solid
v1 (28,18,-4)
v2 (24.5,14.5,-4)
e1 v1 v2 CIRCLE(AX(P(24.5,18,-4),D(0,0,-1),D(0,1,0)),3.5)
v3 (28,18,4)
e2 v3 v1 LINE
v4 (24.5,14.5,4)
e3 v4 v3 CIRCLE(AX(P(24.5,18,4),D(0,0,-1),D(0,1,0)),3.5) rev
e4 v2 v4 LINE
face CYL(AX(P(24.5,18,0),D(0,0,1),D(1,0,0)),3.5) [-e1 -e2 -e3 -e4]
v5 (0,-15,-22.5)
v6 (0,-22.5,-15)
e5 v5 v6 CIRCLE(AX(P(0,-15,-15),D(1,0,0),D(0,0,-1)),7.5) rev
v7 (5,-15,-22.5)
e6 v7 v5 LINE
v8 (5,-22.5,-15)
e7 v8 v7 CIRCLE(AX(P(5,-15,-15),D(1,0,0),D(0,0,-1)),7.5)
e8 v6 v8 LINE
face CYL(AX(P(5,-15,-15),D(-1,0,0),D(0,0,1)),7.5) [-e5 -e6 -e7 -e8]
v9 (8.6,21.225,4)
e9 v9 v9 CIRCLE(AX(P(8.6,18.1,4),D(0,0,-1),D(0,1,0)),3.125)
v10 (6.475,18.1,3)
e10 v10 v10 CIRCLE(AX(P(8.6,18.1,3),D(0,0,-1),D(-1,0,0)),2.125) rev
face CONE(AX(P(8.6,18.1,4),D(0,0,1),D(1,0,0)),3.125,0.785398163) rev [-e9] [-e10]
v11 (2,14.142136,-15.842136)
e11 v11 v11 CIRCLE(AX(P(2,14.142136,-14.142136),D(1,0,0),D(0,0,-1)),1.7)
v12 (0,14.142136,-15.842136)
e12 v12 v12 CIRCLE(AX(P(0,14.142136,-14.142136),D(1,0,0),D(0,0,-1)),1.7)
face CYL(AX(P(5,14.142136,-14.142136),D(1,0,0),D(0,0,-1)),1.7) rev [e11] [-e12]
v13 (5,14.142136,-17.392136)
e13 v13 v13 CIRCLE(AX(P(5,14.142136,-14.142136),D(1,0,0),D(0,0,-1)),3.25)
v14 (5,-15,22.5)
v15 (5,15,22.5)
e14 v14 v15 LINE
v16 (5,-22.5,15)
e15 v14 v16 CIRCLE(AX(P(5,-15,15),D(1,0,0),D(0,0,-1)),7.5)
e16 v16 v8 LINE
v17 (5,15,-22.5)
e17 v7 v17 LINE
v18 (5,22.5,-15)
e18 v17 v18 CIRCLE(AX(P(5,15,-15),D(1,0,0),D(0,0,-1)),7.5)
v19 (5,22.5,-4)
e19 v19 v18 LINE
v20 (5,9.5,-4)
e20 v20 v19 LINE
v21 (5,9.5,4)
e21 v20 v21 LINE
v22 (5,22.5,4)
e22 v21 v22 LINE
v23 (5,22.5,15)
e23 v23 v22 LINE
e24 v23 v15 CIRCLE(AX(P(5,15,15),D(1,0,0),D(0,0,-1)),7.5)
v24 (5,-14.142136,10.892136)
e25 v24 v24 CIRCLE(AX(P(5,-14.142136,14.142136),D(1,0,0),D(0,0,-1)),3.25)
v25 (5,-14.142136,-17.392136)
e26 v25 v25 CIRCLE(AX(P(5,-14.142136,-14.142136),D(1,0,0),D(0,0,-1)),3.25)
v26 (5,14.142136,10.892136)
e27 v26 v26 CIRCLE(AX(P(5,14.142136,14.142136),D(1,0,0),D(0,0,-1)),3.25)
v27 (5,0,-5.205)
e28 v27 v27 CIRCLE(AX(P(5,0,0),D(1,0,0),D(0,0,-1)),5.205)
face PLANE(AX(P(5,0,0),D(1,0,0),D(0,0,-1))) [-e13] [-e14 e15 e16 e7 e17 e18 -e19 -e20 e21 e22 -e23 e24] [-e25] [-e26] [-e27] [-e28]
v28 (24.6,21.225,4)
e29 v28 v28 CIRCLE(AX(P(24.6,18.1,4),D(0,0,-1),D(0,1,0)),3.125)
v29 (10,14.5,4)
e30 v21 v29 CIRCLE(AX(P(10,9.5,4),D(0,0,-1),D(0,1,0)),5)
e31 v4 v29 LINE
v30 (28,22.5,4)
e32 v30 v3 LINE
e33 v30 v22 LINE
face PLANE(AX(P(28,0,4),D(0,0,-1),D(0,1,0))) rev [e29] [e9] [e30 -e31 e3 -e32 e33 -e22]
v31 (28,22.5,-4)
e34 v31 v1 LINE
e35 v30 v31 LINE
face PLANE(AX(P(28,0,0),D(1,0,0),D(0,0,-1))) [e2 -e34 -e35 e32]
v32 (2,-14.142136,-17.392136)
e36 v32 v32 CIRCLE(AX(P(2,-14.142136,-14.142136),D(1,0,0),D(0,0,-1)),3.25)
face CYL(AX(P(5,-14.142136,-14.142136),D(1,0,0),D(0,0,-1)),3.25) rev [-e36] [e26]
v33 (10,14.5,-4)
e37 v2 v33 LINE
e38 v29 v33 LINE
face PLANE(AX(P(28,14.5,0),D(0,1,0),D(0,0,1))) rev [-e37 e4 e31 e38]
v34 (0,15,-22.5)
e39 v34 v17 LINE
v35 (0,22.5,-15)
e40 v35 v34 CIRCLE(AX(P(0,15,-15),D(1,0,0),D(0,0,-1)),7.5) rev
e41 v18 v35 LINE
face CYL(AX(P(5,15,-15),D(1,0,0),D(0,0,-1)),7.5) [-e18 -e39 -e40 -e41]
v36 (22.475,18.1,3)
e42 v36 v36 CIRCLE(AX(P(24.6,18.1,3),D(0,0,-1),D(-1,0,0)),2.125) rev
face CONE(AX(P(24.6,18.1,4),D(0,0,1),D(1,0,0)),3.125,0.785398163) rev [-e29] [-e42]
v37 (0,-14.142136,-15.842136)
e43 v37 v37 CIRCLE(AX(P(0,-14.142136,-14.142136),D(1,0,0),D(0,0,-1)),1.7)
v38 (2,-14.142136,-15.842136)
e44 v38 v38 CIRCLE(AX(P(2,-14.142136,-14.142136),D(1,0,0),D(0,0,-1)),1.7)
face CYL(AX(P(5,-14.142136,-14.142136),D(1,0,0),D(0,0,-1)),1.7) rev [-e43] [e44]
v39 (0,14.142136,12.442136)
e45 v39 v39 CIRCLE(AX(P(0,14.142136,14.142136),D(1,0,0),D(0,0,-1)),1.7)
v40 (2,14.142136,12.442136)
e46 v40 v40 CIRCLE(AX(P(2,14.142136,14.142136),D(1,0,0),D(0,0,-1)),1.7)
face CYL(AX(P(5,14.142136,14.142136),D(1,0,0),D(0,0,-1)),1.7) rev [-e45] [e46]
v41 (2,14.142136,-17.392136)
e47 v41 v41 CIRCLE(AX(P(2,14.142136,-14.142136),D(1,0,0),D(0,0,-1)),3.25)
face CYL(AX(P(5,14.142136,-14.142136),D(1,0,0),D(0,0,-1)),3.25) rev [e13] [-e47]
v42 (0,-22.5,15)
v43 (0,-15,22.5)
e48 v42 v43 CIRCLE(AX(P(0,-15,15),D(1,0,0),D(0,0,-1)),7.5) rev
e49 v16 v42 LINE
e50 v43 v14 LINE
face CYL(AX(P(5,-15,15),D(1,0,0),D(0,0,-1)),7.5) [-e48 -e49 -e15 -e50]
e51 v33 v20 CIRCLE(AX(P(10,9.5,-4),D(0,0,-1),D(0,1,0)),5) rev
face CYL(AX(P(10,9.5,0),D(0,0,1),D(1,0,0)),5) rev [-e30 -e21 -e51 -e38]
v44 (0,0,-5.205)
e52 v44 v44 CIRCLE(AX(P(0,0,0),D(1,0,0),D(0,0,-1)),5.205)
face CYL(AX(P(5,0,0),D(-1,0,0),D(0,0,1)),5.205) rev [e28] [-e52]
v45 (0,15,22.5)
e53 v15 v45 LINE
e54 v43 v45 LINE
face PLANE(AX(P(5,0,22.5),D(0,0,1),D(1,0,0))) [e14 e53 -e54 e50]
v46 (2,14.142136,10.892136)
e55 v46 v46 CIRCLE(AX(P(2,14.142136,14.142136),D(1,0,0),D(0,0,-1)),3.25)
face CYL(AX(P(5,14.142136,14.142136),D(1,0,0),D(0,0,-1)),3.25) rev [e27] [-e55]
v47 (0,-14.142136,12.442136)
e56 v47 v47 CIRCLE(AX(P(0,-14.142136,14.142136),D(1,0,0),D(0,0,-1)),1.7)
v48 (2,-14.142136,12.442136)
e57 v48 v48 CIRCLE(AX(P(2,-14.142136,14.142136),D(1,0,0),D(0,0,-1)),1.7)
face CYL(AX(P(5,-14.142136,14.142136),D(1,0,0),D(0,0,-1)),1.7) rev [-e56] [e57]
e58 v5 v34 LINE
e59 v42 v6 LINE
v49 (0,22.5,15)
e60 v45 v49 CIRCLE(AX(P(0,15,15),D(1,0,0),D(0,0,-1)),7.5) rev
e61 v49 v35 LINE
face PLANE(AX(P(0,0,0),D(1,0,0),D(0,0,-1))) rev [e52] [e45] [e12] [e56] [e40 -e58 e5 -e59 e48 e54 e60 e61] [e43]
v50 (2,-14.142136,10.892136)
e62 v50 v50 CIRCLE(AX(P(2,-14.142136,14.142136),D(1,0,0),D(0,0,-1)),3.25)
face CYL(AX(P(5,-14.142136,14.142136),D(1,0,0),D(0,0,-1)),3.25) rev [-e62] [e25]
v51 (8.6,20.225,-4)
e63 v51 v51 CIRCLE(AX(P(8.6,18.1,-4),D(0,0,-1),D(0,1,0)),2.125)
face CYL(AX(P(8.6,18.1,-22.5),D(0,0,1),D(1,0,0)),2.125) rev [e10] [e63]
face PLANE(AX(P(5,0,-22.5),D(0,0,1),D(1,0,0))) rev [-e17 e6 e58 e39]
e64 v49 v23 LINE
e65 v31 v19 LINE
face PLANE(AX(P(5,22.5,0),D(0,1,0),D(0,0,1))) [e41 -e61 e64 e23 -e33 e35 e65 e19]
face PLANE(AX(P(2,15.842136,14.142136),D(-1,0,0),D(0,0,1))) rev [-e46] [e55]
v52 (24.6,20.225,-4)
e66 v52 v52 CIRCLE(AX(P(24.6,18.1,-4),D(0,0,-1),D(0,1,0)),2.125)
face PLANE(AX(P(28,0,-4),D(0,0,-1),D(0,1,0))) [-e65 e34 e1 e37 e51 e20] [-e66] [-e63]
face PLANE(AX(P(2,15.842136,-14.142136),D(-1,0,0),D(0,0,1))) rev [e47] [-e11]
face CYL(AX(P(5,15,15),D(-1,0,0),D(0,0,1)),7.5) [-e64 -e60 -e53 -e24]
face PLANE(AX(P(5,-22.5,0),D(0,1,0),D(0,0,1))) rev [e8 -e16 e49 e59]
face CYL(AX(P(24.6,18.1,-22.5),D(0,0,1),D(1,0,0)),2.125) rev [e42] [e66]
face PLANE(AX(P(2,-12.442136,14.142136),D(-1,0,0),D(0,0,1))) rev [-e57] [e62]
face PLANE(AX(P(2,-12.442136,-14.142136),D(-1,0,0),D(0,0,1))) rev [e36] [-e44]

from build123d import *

# Parameters (mm, degrees)
SKETCH1_R                      = 5.205
SKETCH1_W                      = 8
SKETCH1_H                      = 8
BOSS_EXTRUDE1_DEPTH            = 5
SKETCH1_3_W                    = 8
SKETCH1_3_H                    = 8
BOSS_EXTRUDE2_DEPTH            = 28
FILLET1_R                      = 7.5
FILLET2_R                      = 5
FILLET3_R                      = 3.5
SKETCH2_R                      = 2.125
CUT_EXTRUDE1_DEPTH             = 23.5
CUT_EXTRUDE1_DEPTH_BACK        = 23.5
CBORE_FOR_M3_SHCS1_D           = 3.4
CBORE_FOR_M3_SHCS1_CBORE_D     = 6.5
CBORE_FOR_M3_SHCS1_CBORE_DEPTH = 3
CHAMFER1_SIZE                  = 1


with BuildPart() as part:
    # Sketch1 → Boss-Extrude1 (new body)
    with BuildSketch(Plane(origin=(0, 0, 0), x_dir=(0, 0, -1), z_dir=(1, 0, 0))):
        Polygon((-22.5, 22.5), (-22.5, -22.5), (22.5, -22.5), (22.5, 22.5), (4, 22.5), (4, 14.5), (-4, 14.5), (-4, 22.5), align=None)
        Circle(SKETCH1_R, mode=Mode.SUBTRACT)
        with Locations((0, 18.5)):
            Rectangle(SKETCH1_W, SKETCH1_H)
    extrude(amount=BOSS_EXTRUDE1_DEPTH)

    # Sketch1<3> → Boss-Extrude2 (add)
    with BuildSketch(Plane(origin=(0, 0, 0), x_dir=(0, 0, -1), z_dir=(1, 0, 0))):
        with Locations((0, 18.5)):
            Rectangle(SKETCH1_3_W, SKETCH1_3_H)
    extrude(amount=BOSS_EXTRUDE2_DEPTH)

    # Fillet1
    fillet1_edges = [part.edges().sort_by_distance(p)[0] for p in [
        (2.5, 22.5, -22.5),
        (2.5, -22.5, -22.5),
        (2.5, -22.5, 22.5),
        (2.5, 22.5, 22.5),
    ]]
    fillet(fillet1_edges, radius=FILLET1_R)

    # Fillet2
    fillet2_edges = [part.edges().sort_by_distance(p)[0] for p in [
        (5, 14.5, 0),
    ]]
    fillet(fillet2_edges, radius=FILLET2_R)

    # Fillet3
    fillet3_edges = [part.edges().sort_by_distance(p)[0] for p in [
        (28, 14.5, 0),
    ]]
    fillet(fillet3_edges, radius=FILLET3_R)

    # Sketch2 → Cut-Extrude1 (cut, two sides)
    with BuildSketch(Plane.XY) as cut_extrude1_sk:
        with Locations((8.6, 18.1)):
            Circle(SKETCH2_R)
        with Locations((24.6, 18.1)):
            Circle(SKETCH2_R)
    extrude(amount=CUT_EXTRUDE1_DEPTH, mode=Mode.SUBTRACT)
    extrude(cut_extrude1_sk.sketch, amount=-CUT_EXTRUDE1_DEPTH_BACK, mode=Mode.SUBTRACT)

    # CBORE for M3 SHCS1 (through all)
    with Locations(Plane(origin=(5, 0, 0), x_dir=(0, 0, -1), z_dir=(1, 0, 0))):
        with Locations((-14.142135624, 14.142135624), (14.142135624, 14.142135624), (-14.142135624, -14.142135624), (14.142135624, -14.142135624)):
            CounterBoreHole(CBORE_FOR_M3_SHCS1_D / 2, CBORE_FOR_M3_SHCS1_CBORE_D / 2, CBORE_FOR_M3_SHCS1_CBORE_DEPTH)

    # Chamfer1
    chamfer1_edges = [part.edges().sort_by_distance(p)[0] for p in [
        (6.475, 18.1, 4),
        (22.475, 18.1, 4),
    ]]
    chamfer(chamfer1_edges, length=CHAMFER1_SIZE)


solid = part.part
